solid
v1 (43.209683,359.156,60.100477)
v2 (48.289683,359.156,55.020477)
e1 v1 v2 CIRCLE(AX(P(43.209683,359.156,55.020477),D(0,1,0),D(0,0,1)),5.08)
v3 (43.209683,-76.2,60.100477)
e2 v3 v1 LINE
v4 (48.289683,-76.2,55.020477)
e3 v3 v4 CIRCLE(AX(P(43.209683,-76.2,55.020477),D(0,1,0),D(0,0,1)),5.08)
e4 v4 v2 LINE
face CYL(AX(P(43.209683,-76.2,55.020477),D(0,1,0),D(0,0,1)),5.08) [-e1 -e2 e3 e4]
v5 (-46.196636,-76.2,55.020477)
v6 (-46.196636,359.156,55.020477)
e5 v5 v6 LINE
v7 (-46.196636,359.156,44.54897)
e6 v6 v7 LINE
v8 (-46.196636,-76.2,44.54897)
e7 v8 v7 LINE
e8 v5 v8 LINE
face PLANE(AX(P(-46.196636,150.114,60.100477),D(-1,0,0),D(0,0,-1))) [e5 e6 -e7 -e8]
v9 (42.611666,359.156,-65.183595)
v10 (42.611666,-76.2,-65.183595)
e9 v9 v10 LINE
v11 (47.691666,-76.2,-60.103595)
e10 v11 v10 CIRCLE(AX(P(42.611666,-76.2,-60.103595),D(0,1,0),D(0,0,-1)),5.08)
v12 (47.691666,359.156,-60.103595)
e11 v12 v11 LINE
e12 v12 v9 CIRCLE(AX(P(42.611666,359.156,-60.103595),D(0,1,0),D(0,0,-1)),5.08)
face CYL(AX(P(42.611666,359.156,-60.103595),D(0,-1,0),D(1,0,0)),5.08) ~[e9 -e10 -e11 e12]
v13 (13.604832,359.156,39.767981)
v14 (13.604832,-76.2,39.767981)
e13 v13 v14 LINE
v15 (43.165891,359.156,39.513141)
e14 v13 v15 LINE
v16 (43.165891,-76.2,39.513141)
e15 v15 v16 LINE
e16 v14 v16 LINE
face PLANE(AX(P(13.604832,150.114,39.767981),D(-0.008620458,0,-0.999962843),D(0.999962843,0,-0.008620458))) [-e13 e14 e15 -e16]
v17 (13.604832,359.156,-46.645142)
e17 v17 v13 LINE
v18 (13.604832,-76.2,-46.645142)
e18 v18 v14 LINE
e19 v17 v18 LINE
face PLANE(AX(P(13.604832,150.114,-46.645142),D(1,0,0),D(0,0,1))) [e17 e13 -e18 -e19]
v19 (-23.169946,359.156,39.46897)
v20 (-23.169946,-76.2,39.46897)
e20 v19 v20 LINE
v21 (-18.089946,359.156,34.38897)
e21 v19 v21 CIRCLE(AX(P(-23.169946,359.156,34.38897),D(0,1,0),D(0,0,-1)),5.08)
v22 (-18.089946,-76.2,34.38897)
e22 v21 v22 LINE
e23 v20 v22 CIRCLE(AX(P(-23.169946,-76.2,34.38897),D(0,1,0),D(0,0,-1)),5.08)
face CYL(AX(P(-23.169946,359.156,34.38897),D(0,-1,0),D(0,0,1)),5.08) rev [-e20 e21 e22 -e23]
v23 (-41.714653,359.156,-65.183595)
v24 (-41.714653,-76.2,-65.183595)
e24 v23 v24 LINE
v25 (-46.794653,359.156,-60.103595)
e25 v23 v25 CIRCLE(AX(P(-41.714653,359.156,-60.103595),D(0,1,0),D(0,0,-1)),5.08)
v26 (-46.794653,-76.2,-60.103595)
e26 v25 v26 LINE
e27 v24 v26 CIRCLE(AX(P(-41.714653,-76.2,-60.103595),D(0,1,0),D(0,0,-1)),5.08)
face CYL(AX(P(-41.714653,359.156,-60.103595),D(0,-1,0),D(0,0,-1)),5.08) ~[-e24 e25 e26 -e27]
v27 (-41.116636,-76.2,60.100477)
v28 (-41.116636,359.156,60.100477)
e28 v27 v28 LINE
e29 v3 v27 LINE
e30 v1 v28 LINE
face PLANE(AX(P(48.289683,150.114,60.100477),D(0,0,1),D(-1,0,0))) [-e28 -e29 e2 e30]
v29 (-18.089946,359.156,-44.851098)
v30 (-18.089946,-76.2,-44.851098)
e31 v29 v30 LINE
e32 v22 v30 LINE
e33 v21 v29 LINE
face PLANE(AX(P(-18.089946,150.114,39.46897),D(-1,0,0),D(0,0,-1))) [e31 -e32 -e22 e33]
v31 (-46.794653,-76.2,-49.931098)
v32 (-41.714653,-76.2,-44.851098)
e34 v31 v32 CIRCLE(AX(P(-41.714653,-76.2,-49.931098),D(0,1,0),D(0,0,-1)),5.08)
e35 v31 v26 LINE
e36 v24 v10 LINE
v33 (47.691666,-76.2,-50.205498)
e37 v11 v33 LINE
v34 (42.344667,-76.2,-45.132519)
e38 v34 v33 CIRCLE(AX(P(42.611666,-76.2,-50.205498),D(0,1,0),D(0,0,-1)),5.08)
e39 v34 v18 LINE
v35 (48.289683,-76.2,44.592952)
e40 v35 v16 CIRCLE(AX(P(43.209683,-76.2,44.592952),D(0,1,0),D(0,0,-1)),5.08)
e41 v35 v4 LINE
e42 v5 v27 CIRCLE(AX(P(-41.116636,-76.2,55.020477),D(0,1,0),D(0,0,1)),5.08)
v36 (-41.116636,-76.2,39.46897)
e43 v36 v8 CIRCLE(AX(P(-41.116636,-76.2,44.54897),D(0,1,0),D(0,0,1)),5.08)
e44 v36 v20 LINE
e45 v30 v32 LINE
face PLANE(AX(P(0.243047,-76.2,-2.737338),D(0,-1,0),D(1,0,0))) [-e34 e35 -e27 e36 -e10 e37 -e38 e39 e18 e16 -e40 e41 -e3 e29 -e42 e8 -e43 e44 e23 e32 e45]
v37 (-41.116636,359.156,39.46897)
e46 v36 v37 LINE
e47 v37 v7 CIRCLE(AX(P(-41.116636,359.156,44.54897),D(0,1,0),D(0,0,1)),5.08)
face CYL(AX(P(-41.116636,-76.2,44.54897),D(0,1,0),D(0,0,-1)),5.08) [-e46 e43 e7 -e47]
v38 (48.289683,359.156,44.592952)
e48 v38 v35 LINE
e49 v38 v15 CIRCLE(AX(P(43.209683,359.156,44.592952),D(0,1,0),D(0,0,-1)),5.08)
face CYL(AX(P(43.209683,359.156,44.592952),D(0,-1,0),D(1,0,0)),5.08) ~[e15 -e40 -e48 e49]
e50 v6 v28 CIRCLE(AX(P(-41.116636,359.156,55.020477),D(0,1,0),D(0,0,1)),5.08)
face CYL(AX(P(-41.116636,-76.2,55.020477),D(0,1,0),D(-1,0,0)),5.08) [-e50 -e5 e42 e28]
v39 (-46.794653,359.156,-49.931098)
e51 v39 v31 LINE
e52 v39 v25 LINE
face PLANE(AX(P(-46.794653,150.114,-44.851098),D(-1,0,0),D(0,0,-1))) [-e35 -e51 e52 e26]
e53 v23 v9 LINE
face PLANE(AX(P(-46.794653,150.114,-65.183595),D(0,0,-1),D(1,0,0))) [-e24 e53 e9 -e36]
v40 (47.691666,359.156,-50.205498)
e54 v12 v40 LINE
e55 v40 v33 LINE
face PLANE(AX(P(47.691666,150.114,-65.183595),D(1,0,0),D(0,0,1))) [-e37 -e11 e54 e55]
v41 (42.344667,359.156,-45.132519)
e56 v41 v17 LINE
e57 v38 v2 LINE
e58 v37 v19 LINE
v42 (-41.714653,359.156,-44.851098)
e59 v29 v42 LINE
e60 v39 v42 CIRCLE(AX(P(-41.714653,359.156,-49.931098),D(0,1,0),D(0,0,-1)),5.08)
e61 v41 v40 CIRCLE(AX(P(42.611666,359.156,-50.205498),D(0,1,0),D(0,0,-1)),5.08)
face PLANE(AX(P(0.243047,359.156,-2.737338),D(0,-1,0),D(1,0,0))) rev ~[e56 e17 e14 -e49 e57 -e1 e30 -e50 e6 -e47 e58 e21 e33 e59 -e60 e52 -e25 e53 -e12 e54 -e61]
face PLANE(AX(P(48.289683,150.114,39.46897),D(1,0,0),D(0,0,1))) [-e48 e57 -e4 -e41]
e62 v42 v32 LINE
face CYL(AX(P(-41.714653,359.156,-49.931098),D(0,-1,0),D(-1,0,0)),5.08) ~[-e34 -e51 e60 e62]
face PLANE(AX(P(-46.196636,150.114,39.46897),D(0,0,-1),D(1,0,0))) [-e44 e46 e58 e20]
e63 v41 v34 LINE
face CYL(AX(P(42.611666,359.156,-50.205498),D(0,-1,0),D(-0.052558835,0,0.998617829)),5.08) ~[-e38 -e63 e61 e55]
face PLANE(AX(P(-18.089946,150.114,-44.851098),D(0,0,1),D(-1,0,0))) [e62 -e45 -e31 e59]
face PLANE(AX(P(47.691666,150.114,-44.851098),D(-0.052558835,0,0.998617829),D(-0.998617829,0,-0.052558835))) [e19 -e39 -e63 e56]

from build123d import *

# Parameters (mm, degrees)
F1_DEPTH = 76.2
F2_DEPTH = 150.114
F3_DEPTH = 209.042
F4_R     = 5.08


with BuildPart() as f1:
    # F0 (on Front) → F1 (new body)
    with BuildSketch(Plane.XZ):
        Polygon((-46.1966358125, 39.4689701498), (-18.0899463594, 39.4689701498), (-18.0899463594, -44.8510982096), (-46.7946529388, -44.8510982096), (-46.7946529388, -65.1835948229), (47.6916655898, -65.1835948229), (47.6916655898, -44.8510982096), (13.6048318818, -46.645142138), (13.6048318818, 39.7679805756), (48.2896827161, 39.4689701498), (48.2896827161, 60.1004771888), (-46.1966358125, 60.1004771888), align=None)
    extrude(amount=F1_DEPTH)

    # F2 (add): a face of the model
    f2_faces = [f1.faces().sort_by_distance(p)[0] for p in [
        (-0.6124565999, 0, -2.2518569058),
    ]]
    extrude(f2_faces, amount=F2_DEPTH)

    # F3 (add): a face of the model
    f3_faces = [f1.faces().sort_by_distance(p)[0] for p in [
        (-0.6124565999, 150.114, -2.2518569058),
    ]]
    extrude(f3_faces, amount=F3_DEPTH)

    # F4
    f4_edges = [f1.edges().sort_by_distance(p)[0] for p in [
        (-46.196636, 141.478, 39.46897),
        (-18.089946, 141.478, 39.46897),
        (-46.794653, 141.478, -44.851098),
        (-46.794653, 141.478, -65.183595),
        (47.691666, 141.478, -65.183595),
        (47.691666, 141.478, -44.851098),
        (48.289683, 141.478, 39.46897),
        (48.289683, 141.478, 60.100477),
        (-46.196636, 141.478, 60.100477),
    ]]
    fillet(f4_edges, radius=F4_R)


solid = f1.part
